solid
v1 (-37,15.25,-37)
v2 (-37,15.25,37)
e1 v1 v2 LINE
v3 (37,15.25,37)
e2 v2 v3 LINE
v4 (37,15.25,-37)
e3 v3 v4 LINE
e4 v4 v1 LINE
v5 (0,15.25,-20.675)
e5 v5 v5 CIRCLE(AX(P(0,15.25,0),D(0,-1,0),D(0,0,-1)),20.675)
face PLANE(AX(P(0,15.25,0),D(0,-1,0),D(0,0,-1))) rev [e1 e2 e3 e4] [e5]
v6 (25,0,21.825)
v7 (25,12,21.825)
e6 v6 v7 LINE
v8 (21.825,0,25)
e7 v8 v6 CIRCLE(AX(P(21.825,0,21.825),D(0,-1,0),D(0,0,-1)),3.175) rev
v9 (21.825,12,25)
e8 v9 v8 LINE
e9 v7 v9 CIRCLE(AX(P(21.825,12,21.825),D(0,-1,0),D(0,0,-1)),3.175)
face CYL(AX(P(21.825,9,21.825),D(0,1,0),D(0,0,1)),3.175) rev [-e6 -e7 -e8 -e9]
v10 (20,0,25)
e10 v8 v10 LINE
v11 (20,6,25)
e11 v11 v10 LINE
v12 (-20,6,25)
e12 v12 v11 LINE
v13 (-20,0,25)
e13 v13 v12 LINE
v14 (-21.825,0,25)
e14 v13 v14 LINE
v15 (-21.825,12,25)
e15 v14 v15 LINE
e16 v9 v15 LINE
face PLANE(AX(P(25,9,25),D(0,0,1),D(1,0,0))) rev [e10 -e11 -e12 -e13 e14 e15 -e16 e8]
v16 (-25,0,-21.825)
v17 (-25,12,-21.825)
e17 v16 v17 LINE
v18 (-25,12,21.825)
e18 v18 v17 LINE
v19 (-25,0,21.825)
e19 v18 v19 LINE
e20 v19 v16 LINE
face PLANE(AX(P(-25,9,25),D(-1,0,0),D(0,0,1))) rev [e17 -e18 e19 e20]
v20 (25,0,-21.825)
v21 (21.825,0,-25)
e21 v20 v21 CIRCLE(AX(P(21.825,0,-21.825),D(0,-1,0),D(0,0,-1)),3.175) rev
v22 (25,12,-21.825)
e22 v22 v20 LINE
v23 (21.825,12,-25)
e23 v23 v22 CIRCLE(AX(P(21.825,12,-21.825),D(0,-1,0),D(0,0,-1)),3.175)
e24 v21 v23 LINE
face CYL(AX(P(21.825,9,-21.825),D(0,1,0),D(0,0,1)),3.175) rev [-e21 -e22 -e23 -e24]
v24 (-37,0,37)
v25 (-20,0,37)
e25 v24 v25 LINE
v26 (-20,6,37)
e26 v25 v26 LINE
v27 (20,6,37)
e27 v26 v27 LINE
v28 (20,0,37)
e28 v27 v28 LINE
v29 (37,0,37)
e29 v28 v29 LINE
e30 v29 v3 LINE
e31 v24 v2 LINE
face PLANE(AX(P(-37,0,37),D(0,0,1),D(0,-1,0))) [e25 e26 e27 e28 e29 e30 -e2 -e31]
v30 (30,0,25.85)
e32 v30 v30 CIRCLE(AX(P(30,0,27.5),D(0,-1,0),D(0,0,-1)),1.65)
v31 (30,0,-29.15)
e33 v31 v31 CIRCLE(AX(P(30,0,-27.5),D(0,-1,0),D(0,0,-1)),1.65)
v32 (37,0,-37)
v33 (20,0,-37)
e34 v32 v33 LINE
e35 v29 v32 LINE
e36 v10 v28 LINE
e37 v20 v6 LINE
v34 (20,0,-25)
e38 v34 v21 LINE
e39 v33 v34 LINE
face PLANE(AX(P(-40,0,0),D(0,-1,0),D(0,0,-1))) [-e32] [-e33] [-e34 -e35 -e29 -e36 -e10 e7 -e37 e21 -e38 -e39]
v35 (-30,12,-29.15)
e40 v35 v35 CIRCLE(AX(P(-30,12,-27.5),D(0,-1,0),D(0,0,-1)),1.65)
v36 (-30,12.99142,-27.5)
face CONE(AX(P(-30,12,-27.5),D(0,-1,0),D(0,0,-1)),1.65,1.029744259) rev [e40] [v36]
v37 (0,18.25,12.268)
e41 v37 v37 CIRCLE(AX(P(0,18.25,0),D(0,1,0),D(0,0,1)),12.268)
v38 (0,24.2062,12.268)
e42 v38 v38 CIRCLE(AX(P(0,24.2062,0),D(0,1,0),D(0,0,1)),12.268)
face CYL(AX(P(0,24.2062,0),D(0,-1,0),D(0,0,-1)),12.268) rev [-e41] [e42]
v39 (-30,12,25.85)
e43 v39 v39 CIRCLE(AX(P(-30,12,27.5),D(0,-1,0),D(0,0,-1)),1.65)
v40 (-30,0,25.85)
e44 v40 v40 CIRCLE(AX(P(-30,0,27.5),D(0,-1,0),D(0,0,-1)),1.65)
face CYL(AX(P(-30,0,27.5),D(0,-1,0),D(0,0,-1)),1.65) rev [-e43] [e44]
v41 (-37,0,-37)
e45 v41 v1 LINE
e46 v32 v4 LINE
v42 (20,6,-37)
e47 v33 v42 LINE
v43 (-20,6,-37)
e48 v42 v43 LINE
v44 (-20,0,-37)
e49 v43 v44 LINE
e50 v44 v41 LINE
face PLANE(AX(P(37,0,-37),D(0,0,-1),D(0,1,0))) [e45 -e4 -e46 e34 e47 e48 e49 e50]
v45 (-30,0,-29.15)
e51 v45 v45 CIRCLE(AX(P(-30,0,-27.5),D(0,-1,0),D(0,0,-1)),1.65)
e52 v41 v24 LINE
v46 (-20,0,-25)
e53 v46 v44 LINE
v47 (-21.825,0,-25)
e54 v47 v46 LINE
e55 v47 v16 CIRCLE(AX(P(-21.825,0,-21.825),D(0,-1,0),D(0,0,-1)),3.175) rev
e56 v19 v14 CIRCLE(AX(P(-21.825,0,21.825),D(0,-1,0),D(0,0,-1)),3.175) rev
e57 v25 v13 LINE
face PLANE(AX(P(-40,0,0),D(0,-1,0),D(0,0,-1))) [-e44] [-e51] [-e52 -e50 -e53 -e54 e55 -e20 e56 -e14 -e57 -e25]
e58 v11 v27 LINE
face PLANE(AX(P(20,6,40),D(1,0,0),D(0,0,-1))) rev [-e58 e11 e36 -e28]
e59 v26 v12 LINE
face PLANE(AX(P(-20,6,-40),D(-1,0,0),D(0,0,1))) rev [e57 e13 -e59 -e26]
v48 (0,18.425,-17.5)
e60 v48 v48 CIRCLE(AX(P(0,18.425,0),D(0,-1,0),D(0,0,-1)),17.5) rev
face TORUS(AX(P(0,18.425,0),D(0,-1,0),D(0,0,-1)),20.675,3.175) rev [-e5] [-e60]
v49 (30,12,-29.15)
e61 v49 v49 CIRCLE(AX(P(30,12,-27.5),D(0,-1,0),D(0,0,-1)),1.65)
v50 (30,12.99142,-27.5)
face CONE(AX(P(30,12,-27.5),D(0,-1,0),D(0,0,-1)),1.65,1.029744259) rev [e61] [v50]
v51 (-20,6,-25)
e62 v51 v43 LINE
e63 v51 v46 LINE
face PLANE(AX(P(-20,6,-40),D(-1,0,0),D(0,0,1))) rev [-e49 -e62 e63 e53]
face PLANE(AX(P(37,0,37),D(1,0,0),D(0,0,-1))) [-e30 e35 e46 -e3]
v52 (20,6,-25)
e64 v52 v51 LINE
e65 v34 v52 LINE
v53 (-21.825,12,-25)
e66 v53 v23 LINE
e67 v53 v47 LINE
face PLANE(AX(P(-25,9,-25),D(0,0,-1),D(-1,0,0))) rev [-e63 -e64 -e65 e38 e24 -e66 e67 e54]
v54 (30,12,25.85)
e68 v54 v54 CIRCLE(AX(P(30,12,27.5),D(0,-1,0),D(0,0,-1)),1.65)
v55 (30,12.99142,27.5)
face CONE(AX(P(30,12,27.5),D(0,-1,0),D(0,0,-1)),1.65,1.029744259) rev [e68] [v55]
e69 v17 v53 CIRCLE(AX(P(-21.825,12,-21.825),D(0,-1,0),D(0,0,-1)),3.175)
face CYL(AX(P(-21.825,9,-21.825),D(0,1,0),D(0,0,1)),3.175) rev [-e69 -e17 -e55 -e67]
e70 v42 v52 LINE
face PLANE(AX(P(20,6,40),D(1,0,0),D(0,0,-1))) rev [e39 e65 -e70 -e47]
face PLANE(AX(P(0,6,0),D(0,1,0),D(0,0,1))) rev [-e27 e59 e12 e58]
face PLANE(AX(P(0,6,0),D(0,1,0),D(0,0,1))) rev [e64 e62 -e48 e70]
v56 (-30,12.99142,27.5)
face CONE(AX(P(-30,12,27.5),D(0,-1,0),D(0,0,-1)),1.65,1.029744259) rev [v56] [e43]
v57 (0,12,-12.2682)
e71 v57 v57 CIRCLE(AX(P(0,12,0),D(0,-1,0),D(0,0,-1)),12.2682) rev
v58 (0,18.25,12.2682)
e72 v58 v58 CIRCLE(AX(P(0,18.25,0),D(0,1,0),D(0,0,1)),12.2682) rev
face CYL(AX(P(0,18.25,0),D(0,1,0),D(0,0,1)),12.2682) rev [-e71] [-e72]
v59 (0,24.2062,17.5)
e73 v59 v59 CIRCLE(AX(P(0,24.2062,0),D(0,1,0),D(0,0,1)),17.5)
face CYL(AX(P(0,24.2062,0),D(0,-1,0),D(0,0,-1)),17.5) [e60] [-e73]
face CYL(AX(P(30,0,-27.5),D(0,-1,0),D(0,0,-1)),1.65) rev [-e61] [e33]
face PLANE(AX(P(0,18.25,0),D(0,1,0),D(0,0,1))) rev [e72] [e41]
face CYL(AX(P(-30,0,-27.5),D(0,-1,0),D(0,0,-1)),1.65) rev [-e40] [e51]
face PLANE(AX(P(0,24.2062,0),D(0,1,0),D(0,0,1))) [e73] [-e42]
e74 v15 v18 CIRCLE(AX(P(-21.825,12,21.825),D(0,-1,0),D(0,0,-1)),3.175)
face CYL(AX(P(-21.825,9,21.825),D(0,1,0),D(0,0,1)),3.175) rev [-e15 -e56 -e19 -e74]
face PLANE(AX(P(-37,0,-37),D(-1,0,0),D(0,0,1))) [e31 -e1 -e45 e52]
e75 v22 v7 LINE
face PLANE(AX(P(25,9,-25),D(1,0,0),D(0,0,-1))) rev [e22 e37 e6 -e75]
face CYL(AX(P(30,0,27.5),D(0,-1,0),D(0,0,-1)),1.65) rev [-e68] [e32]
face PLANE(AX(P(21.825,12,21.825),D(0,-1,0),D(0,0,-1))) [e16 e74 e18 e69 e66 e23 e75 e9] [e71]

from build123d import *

# Parameters (mm, degrees)
OUTLINE_DEPTH        = 40
OUTLINE_DEPTH_BACK   = 40
SKETCH1_W            = 18.25
SKETCH1_H            = 40
SKETCH2_W            = 40
SKETCH2_H            = 80
EXTRUSION15_DEPTH    = 6
CAMERA_MOUNT_D       = 24.5364
SKETCH5_R            = 17.5
SKETCH5_R_2          = 12.268
EXTRUSION19_DEPTH    = 5.9562
CUT_EXTRUDE1_START   = -3
SKETCH10_W           = 80
SKETCH10_H           = 80
SKETCH10_R           = 17.5
CUT_EXTRUDE1_DEPTH   = 3
SKETCH7_W            = 50
SKETCH7_H            = 50
EXTRUSION22_DEPTH    = 9
FILLET4_R            = 3.175
HOLE7_D              = 3.3
HOLE7_DEPTH          = 12
HOLE7_TIP            = 0.991420021
SKETCH11_OUTSIDE_W   = 105.14
SKETCH11_OUTSIDE_H   = 105.14
SKETCH11_OUTSIDE_W_2 = 74
SKETCH11_OUTSIDE_H_2 = 74
CUT_EXTRUDE2_DEPTH   = 59.588074725
CUT_EXTRUDE3_START   = -3
CUT_EXTRUDE3_DEPTH   = 3


with BuildPart() as part:
    # Sketch1 → Outline (new, two sides: drawn at the far end of the back side and taken through both)
    with BuildSketch(Plane.YZ.offset(-OUTLINE_DEPTH_BACK)):
        Polygon((18.25, 40), (5.33, 40), (0, 40), (0, 0), (18.25, 0), align=None)
        with Locations((9.125, -20)):
            Rectangle(SKETCH1_W, SKETCH1_H)
    extrude(amount=OUTLINE_DEPTH + OUTLINE_DEPTH_BACK)

    # Sketch2 → Extrusion15 (cut)
    with BuildSketch(Plane.XZ):
        Rectangle(SKETCH2_W, SKETCH2_H)
    extrude(amount=-EXTRUSION15_DEPTH, mode=Mode.SUBTRACT)

    # Camera mount (through all)
    with Locations(Plane(origin=(0, 18.25, 0), x_dir=(1, 0, 0), z_dir=(0, 1, 0))):
        with Locations((0, 0)):
            Hole(CAMERA_MOUNT_D / 2)

    # Sketch5 → Extrusion19 (add)
    with BuildSketch(Plane(origin=(0, 18.25, 0), x_dir=(-1, 0, 0), z_dir=(0, 1, 0))):
        with Locations(Location((0, 0, 0), (0, 0, 90))):
            Circle(SKETCH5_R)
        with Locations(Location((0, 0, 0), (0, 0, 90))):
            Circle(SKETCH5_R_2, mode=Mode.SUBTRACT)
    extrude(amount=EXTRUSION19_DEPTH)

    # Sketch10 → Cut-Extrude1 (cut)
    with BuildSketch(Plane(origin=(0, 18.25, 0), x_dir=(1, 0, 0), z_dir=(0, 1, 0)).offset(CUT_EXTRUDE1_START)):
        Rectangle(SKETCH10_W, SKETCH10_H)
        with Locations(Location((0, 0, 0), (0, 0, 270))):
            Circle(SKETCH10_R, mode=Mode.SUBTRACT)
    extrude(amount=CUT_EXTRUDE1_DEPTH, mode=Mode.SUBTRACT)

    # Sketch7 → Extrusion22 (cut)
    with BuildSketch(Plane.XZ):
        Rectangle(SKETCH7_W, SKETCH7_H)
    extrude(amount=-EXTRUSION22_DEPTH, mode=Mode.SUBTRACT)

    # Fillet4
    fillet4_edges = [part.edges().sort_by_distance(p)[0] for p in [
        (0, 15.25, -17.5),
        (-25, 4.5, 25),
        (25, 4.5, -25),
        (-25, 4.5, -25),
        (25, 4.5, 25),
    ]]
    fillet(fillet4_edges, radius=FILLET4_R)

    # Hole7
    with Locations(Plane(origin=(0, 0, 0), x_dir=(-1, 0, 0), z_dir=(0, -1, 0))):
        with Locations((30, 27.5), (-30, 27.5), (-30, -27.5), (30, -27.5)):
            Hole(HOLE7_D / 2, depth=HOLE7_DEPTH)
            with Locations((0, 0, -(HOLE7_DEPTH + HOLE7_TIP / 2))):  # 118° drill point
                Cone(0, HOLE7_D / 2, HOLE7_TIP, mode=Mode.SUBTRACT)

    # Sketch11 outside → Cut-Extrude2 (cut, through all)
    with BuildSketch(Plane(origin=(0, 15.25, 0), x_dir=(1, 0, 0), z_dir=(0, 1, 0))):
        Rectangle(SKETCH11_OUTSIDE_W, SKETCH11_OUTSIDE_H)
        Rectangle(SKETCH11_OUTSIDE_W_2, SKETCH11_OUTSIDE_H_2, mode=Mode.SUBTRACT)
    extrude(amount=-CUT_EXTRUDE2_DEPTH, mode=Mode.SUBTRACT)

    # Sketch13 → Cut-Extrude3 (cut)
    with BuildSketch(Plane.XZ.offset(-9).offset(CUT_EXTRUDE3_START)):
        with BuildLine():
            Line((21.825, 25), (-21.825, 25))
            ThreePointArc((-21.825, 25), (-24.07006403, 24.07006403), (-25, 21.825))
            Line((-25, 21.825), (-25, -21.825))
            ThreePointArc((-25, -21.825), (-24.07006403, -24.07006403), (-21.825, -25))
            Line((-21.825, -25), (21.825, -25))
            ThreePointArc((21.825, -25), (24.07006403, -24.07006403), (25, -21.825))
            Line((25, -21.825), (25, 21.825))
            ThreePointArc((25, 21.825), (24.07006403, 24.07006403), (21.825, 25))
        make_face()
    extrude(amount=CUT_EXTRUDE3_DEPTH, mode=Mode.SUBTRACT)


solid = part.part
